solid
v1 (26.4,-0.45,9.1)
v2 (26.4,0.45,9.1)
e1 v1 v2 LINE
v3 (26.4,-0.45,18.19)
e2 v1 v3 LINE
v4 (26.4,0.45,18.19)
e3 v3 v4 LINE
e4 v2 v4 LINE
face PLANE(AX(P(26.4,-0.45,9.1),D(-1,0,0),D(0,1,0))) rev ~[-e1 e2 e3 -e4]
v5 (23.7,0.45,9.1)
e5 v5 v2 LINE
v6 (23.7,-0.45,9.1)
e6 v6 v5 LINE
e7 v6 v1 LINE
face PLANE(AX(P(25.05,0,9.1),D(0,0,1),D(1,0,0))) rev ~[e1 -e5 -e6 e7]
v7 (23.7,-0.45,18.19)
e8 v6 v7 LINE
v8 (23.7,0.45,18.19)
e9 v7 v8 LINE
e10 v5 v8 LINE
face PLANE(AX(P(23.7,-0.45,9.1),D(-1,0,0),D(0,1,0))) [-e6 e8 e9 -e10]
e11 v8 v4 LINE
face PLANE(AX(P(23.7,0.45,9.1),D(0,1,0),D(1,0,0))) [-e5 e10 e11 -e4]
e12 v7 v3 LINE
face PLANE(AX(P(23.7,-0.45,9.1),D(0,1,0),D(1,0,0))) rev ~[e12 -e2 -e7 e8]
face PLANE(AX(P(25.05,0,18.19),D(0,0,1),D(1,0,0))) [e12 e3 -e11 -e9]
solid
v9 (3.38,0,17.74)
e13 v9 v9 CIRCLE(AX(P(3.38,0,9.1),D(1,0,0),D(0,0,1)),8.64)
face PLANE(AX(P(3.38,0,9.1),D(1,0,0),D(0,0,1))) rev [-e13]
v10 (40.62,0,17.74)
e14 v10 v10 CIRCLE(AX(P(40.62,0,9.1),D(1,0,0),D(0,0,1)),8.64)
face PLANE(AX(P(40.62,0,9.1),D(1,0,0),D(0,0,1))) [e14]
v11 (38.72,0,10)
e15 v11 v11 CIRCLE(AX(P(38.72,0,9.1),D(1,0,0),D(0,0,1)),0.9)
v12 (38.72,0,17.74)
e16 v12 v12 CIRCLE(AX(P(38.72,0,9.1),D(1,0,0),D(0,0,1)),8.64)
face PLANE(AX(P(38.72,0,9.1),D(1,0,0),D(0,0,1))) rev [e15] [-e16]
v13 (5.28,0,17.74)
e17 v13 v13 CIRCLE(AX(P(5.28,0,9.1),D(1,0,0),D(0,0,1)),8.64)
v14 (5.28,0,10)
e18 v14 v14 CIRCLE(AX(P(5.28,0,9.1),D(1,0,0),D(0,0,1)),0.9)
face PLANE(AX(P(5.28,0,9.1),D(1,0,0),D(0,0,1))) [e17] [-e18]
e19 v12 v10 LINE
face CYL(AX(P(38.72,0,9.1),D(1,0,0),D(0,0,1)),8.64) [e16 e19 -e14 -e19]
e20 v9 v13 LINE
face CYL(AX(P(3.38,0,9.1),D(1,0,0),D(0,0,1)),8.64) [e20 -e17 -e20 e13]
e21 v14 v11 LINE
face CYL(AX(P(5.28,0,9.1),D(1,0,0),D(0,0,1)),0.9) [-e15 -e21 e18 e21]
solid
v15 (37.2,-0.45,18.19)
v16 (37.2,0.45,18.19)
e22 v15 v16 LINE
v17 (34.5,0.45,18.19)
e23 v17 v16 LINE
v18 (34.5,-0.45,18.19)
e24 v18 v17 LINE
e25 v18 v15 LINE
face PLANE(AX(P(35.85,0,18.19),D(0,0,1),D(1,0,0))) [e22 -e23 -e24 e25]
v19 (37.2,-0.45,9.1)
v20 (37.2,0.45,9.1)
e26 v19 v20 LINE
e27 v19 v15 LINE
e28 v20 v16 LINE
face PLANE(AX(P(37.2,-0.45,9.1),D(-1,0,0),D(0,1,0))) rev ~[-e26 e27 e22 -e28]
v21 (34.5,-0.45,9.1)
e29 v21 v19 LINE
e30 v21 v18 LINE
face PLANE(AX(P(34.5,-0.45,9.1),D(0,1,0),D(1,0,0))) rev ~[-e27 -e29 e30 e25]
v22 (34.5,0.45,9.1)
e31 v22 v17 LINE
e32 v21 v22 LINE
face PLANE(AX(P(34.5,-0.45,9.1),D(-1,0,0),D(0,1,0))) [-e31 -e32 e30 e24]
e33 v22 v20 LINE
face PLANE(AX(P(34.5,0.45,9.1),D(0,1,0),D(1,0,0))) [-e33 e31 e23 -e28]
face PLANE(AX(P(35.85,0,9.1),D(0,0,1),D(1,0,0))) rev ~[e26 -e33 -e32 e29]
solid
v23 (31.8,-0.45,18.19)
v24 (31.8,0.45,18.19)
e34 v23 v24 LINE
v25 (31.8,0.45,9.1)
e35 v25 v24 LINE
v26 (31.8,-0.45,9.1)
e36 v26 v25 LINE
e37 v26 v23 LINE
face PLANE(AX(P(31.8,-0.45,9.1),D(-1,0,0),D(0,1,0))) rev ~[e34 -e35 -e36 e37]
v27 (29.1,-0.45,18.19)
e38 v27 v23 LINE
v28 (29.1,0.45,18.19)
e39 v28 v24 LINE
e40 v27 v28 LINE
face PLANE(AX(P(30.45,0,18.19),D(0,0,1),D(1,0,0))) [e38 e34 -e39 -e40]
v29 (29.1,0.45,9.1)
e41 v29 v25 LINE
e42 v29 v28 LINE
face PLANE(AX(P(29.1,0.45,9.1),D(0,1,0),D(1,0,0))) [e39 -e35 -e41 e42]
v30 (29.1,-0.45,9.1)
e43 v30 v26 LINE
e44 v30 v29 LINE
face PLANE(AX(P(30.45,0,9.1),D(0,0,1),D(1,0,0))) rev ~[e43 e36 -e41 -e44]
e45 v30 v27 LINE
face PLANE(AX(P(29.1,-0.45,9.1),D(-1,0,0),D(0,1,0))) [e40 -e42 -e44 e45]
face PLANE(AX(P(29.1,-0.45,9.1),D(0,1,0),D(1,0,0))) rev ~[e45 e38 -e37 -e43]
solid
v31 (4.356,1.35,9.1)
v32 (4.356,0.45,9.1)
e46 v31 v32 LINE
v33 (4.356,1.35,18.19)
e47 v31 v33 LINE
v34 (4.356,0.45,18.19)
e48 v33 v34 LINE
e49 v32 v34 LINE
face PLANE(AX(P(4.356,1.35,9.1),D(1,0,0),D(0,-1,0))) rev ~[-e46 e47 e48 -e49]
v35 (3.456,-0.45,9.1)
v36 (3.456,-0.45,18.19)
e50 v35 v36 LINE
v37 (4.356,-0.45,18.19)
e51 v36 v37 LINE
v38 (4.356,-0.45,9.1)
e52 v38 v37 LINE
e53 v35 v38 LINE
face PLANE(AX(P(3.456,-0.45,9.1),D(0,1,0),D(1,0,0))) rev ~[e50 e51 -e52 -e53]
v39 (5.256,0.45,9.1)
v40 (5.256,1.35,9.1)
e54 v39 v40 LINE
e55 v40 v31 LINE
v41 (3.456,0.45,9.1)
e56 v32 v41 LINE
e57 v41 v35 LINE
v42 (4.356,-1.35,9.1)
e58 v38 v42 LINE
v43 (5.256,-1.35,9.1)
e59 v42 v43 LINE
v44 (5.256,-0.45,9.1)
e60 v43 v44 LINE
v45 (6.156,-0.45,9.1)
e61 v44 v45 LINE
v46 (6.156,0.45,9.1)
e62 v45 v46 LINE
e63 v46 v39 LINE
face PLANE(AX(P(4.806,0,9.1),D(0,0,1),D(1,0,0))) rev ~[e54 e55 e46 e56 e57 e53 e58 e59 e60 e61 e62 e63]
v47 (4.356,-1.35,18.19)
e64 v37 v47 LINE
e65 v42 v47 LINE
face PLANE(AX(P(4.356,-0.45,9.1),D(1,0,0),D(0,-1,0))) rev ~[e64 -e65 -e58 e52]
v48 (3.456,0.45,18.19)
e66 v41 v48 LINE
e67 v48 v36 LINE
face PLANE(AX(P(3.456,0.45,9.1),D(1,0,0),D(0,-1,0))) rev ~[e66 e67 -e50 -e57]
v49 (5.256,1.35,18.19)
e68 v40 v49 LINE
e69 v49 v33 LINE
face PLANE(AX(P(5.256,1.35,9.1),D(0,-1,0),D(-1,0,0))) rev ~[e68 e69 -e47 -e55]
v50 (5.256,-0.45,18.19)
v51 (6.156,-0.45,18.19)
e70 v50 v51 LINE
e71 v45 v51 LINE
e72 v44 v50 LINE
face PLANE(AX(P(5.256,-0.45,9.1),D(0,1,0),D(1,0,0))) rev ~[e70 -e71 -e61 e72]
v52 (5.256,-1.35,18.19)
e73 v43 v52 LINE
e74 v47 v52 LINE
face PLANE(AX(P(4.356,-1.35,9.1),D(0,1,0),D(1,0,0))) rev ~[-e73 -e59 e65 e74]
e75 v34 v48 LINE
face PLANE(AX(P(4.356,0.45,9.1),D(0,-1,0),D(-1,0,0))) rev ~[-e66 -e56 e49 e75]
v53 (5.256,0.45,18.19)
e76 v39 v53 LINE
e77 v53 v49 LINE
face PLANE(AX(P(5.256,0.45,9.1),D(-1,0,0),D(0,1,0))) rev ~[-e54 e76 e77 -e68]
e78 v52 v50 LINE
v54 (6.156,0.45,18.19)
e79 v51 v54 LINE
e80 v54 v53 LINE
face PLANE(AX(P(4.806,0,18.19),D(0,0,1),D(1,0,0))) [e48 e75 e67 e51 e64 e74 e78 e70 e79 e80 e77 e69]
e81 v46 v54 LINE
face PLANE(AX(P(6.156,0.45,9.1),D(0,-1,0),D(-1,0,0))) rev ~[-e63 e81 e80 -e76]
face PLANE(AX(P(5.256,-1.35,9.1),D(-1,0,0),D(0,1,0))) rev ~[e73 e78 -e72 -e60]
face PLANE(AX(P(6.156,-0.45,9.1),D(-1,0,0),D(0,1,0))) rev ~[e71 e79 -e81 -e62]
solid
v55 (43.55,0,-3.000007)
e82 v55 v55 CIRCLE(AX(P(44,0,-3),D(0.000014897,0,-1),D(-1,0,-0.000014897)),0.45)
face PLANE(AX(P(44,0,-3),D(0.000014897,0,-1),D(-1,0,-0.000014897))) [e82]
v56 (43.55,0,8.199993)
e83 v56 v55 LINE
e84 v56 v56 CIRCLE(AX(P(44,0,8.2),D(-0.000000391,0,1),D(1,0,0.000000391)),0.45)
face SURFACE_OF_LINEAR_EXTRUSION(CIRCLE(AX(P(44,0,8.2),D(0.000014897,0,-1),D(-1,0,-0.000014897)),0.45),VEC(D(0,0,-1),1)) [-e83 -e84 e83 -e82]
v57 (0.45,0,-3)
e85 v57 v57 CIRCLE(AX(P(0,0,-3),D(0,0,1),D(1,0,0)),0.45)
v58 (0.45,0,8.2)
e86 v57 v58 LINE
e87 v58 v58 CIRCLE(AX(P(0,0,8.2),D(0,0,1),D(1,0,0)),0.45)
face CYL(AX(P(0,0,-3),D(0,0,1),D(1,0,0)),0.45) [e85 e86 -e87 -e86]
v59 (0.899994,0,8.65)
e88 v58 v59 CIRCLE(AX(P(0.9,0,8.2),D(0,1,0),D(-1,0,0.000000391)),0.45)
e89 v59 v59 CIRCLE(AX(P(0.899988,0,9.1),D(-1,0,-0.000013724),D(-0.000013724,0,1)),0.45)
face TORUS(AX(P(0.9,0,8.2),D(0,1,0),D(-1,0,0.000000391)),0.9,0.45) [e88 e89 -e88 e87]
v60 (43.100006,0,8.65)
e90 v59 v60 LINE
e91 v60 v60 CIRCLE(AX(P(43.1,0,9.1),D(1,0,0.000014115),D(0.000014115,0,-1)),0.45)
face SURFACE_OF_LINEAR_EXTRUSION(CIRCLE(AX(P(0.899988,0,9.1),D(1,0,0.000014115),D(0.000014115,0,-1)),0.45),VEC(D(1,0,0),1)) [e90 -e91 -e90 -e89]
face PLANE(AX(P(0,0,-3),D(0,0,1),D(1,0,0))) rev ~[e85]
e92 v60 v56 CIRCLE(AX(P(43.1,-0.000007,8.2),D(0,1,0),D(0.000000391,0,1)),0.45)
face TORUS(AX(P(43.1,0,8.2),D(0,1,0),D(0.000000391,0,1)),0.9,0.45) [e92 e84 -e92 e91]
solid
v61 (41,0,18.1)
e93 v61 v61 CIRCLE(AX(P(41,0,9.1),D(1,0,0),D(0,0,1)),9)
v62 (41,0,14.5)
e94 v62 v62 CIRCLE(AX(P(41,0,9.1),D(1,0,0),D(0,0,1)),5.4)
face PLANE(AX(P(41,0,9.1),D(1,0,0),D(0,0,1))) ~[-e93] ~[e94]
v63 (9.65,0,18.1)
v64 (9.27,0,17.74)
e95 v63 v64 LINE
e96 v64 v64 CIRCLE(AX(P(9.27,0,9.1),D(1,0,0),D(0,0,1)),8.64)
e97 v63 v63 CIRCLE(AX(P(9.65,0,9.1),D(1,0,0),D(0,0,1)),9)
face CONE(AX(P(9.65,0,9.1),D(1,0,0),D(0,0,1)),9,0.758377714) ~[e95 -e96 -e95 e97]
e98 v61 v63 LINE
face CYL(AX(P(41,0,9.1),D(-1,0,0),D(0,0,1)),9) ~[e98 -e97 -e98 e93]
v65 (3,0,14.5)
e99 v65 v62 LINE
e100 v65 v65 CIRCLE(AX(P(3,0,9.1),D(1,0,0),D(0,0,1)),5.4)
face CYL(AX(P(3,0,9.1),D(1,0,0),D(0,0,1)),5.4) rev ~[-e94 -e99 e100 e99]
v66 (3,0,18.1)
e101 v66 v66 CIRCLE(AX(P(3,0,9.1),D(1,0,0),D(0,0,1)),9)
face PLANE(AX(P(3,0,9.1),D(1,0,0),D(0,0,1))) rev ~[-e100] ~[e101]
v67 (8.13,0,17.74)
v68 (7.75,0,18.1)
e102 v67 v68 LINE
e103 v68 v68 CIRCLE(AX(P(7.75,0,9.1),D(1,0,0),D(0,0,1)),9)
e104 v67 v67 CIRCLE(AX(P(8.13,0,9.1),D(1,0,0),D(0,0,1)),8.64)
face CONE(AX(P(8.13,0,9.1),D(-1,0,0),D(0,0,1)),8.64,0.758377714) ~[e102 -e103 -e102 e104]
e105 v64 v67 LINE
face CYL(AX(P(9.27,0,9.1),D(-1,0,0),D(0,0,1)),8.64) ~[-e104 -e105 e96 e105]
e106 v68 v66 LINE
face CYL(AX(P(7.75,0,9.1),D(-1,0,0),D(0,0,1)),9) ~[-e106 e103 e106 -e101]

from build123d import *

# Parameters (mm, degrees)
SKETCH_R    = 0.45
SKETCH004_W = 2.7
SKETCH004_H = 0.9
PAD_DEPTH   = 9.09


with BuildPart() as sweep_body:
    # Sweep: sweep along a path in Sketch001
    with BuildLine(Plane.XZ) as sweep_path:
        Line((0, -3), (0, 8.2))
        ThreePointArc((0, 8.2), (0.2636, 8.836392), (0.899988, 9.1))
        Line((0.899988, 9.1), (43.1, 9.1))
        ThreePointArc((43.1, 9.1), (43.736396, 8.836396), (44, 8.2))
        Line((44, 8.2), (44, -3))
    # Sketch → Sweep (sweep)
    with BuildSketch(Plane.XY.offset(-2)):
        Circle(SKETCH_R)
    sweep(path=sweep_path.line)


with BuildPart() as revolution:
    # Sketch002 → Revolution (revolve)
    with BuildSketch(Plane.XZ):
        Polygon((3, 18.1), (3, 14.5), (41, 14.5), (41, 18.1), (9.65, 18.1), (9.27, 17.74), (8.13, 17.74), (7.75, 18.1), align=None)
    revolve(axis=Axis((6.97588, 0, 9.1), (1, 0, 0)))


with BuildPart() as revolution001:
    # Sketch003 → Revolution001 (revolve)
    with BuildSketch(Plane.XZ):
        Polygon((3.38, 17.74), (5.28, 17.74), (5.28, 10), (38.72, 10), (38.72, 17.74), (40.62, 17.74), (40.62, 9.1), (3.38, 9.1), align=None)
    revolve(axis=Axis((6.97588, 0, 9.1), (1, 0, 0)))


with BuildPart() as pad:
    # Sketch004 → Pad (new body)
    with BuildSketch(Plane.XY.offset(9.1)):
        with Locations((35.85, 0)):
            Rectangle(SKETCH004_W, SKETCH004_H)
        with Locations((30.45, 0)):
            Rectangle(SKETCH004_W, SKETCH004_H)
        with Locations((25.05, 0)):
            Rectangle(SKETCH004_W, SKETCH004_H)
        Polygon((4.356, 0.45), (3.456, 0.45), (3.456, -0.45), (4.356, -0.45), (4.356, -1.35), (5.256, -1.35), (5.256, -0.45), (6.156, -0.45), (6.156, 0.45), (5.256, 0.45), (5.256, 1.35), (4.356, 1.35), align=None)
    extrude(amount=PAD_DEPTH)


solid = Compound([sweep_body.part, revolution.part, revolution001.part, pad.part])
